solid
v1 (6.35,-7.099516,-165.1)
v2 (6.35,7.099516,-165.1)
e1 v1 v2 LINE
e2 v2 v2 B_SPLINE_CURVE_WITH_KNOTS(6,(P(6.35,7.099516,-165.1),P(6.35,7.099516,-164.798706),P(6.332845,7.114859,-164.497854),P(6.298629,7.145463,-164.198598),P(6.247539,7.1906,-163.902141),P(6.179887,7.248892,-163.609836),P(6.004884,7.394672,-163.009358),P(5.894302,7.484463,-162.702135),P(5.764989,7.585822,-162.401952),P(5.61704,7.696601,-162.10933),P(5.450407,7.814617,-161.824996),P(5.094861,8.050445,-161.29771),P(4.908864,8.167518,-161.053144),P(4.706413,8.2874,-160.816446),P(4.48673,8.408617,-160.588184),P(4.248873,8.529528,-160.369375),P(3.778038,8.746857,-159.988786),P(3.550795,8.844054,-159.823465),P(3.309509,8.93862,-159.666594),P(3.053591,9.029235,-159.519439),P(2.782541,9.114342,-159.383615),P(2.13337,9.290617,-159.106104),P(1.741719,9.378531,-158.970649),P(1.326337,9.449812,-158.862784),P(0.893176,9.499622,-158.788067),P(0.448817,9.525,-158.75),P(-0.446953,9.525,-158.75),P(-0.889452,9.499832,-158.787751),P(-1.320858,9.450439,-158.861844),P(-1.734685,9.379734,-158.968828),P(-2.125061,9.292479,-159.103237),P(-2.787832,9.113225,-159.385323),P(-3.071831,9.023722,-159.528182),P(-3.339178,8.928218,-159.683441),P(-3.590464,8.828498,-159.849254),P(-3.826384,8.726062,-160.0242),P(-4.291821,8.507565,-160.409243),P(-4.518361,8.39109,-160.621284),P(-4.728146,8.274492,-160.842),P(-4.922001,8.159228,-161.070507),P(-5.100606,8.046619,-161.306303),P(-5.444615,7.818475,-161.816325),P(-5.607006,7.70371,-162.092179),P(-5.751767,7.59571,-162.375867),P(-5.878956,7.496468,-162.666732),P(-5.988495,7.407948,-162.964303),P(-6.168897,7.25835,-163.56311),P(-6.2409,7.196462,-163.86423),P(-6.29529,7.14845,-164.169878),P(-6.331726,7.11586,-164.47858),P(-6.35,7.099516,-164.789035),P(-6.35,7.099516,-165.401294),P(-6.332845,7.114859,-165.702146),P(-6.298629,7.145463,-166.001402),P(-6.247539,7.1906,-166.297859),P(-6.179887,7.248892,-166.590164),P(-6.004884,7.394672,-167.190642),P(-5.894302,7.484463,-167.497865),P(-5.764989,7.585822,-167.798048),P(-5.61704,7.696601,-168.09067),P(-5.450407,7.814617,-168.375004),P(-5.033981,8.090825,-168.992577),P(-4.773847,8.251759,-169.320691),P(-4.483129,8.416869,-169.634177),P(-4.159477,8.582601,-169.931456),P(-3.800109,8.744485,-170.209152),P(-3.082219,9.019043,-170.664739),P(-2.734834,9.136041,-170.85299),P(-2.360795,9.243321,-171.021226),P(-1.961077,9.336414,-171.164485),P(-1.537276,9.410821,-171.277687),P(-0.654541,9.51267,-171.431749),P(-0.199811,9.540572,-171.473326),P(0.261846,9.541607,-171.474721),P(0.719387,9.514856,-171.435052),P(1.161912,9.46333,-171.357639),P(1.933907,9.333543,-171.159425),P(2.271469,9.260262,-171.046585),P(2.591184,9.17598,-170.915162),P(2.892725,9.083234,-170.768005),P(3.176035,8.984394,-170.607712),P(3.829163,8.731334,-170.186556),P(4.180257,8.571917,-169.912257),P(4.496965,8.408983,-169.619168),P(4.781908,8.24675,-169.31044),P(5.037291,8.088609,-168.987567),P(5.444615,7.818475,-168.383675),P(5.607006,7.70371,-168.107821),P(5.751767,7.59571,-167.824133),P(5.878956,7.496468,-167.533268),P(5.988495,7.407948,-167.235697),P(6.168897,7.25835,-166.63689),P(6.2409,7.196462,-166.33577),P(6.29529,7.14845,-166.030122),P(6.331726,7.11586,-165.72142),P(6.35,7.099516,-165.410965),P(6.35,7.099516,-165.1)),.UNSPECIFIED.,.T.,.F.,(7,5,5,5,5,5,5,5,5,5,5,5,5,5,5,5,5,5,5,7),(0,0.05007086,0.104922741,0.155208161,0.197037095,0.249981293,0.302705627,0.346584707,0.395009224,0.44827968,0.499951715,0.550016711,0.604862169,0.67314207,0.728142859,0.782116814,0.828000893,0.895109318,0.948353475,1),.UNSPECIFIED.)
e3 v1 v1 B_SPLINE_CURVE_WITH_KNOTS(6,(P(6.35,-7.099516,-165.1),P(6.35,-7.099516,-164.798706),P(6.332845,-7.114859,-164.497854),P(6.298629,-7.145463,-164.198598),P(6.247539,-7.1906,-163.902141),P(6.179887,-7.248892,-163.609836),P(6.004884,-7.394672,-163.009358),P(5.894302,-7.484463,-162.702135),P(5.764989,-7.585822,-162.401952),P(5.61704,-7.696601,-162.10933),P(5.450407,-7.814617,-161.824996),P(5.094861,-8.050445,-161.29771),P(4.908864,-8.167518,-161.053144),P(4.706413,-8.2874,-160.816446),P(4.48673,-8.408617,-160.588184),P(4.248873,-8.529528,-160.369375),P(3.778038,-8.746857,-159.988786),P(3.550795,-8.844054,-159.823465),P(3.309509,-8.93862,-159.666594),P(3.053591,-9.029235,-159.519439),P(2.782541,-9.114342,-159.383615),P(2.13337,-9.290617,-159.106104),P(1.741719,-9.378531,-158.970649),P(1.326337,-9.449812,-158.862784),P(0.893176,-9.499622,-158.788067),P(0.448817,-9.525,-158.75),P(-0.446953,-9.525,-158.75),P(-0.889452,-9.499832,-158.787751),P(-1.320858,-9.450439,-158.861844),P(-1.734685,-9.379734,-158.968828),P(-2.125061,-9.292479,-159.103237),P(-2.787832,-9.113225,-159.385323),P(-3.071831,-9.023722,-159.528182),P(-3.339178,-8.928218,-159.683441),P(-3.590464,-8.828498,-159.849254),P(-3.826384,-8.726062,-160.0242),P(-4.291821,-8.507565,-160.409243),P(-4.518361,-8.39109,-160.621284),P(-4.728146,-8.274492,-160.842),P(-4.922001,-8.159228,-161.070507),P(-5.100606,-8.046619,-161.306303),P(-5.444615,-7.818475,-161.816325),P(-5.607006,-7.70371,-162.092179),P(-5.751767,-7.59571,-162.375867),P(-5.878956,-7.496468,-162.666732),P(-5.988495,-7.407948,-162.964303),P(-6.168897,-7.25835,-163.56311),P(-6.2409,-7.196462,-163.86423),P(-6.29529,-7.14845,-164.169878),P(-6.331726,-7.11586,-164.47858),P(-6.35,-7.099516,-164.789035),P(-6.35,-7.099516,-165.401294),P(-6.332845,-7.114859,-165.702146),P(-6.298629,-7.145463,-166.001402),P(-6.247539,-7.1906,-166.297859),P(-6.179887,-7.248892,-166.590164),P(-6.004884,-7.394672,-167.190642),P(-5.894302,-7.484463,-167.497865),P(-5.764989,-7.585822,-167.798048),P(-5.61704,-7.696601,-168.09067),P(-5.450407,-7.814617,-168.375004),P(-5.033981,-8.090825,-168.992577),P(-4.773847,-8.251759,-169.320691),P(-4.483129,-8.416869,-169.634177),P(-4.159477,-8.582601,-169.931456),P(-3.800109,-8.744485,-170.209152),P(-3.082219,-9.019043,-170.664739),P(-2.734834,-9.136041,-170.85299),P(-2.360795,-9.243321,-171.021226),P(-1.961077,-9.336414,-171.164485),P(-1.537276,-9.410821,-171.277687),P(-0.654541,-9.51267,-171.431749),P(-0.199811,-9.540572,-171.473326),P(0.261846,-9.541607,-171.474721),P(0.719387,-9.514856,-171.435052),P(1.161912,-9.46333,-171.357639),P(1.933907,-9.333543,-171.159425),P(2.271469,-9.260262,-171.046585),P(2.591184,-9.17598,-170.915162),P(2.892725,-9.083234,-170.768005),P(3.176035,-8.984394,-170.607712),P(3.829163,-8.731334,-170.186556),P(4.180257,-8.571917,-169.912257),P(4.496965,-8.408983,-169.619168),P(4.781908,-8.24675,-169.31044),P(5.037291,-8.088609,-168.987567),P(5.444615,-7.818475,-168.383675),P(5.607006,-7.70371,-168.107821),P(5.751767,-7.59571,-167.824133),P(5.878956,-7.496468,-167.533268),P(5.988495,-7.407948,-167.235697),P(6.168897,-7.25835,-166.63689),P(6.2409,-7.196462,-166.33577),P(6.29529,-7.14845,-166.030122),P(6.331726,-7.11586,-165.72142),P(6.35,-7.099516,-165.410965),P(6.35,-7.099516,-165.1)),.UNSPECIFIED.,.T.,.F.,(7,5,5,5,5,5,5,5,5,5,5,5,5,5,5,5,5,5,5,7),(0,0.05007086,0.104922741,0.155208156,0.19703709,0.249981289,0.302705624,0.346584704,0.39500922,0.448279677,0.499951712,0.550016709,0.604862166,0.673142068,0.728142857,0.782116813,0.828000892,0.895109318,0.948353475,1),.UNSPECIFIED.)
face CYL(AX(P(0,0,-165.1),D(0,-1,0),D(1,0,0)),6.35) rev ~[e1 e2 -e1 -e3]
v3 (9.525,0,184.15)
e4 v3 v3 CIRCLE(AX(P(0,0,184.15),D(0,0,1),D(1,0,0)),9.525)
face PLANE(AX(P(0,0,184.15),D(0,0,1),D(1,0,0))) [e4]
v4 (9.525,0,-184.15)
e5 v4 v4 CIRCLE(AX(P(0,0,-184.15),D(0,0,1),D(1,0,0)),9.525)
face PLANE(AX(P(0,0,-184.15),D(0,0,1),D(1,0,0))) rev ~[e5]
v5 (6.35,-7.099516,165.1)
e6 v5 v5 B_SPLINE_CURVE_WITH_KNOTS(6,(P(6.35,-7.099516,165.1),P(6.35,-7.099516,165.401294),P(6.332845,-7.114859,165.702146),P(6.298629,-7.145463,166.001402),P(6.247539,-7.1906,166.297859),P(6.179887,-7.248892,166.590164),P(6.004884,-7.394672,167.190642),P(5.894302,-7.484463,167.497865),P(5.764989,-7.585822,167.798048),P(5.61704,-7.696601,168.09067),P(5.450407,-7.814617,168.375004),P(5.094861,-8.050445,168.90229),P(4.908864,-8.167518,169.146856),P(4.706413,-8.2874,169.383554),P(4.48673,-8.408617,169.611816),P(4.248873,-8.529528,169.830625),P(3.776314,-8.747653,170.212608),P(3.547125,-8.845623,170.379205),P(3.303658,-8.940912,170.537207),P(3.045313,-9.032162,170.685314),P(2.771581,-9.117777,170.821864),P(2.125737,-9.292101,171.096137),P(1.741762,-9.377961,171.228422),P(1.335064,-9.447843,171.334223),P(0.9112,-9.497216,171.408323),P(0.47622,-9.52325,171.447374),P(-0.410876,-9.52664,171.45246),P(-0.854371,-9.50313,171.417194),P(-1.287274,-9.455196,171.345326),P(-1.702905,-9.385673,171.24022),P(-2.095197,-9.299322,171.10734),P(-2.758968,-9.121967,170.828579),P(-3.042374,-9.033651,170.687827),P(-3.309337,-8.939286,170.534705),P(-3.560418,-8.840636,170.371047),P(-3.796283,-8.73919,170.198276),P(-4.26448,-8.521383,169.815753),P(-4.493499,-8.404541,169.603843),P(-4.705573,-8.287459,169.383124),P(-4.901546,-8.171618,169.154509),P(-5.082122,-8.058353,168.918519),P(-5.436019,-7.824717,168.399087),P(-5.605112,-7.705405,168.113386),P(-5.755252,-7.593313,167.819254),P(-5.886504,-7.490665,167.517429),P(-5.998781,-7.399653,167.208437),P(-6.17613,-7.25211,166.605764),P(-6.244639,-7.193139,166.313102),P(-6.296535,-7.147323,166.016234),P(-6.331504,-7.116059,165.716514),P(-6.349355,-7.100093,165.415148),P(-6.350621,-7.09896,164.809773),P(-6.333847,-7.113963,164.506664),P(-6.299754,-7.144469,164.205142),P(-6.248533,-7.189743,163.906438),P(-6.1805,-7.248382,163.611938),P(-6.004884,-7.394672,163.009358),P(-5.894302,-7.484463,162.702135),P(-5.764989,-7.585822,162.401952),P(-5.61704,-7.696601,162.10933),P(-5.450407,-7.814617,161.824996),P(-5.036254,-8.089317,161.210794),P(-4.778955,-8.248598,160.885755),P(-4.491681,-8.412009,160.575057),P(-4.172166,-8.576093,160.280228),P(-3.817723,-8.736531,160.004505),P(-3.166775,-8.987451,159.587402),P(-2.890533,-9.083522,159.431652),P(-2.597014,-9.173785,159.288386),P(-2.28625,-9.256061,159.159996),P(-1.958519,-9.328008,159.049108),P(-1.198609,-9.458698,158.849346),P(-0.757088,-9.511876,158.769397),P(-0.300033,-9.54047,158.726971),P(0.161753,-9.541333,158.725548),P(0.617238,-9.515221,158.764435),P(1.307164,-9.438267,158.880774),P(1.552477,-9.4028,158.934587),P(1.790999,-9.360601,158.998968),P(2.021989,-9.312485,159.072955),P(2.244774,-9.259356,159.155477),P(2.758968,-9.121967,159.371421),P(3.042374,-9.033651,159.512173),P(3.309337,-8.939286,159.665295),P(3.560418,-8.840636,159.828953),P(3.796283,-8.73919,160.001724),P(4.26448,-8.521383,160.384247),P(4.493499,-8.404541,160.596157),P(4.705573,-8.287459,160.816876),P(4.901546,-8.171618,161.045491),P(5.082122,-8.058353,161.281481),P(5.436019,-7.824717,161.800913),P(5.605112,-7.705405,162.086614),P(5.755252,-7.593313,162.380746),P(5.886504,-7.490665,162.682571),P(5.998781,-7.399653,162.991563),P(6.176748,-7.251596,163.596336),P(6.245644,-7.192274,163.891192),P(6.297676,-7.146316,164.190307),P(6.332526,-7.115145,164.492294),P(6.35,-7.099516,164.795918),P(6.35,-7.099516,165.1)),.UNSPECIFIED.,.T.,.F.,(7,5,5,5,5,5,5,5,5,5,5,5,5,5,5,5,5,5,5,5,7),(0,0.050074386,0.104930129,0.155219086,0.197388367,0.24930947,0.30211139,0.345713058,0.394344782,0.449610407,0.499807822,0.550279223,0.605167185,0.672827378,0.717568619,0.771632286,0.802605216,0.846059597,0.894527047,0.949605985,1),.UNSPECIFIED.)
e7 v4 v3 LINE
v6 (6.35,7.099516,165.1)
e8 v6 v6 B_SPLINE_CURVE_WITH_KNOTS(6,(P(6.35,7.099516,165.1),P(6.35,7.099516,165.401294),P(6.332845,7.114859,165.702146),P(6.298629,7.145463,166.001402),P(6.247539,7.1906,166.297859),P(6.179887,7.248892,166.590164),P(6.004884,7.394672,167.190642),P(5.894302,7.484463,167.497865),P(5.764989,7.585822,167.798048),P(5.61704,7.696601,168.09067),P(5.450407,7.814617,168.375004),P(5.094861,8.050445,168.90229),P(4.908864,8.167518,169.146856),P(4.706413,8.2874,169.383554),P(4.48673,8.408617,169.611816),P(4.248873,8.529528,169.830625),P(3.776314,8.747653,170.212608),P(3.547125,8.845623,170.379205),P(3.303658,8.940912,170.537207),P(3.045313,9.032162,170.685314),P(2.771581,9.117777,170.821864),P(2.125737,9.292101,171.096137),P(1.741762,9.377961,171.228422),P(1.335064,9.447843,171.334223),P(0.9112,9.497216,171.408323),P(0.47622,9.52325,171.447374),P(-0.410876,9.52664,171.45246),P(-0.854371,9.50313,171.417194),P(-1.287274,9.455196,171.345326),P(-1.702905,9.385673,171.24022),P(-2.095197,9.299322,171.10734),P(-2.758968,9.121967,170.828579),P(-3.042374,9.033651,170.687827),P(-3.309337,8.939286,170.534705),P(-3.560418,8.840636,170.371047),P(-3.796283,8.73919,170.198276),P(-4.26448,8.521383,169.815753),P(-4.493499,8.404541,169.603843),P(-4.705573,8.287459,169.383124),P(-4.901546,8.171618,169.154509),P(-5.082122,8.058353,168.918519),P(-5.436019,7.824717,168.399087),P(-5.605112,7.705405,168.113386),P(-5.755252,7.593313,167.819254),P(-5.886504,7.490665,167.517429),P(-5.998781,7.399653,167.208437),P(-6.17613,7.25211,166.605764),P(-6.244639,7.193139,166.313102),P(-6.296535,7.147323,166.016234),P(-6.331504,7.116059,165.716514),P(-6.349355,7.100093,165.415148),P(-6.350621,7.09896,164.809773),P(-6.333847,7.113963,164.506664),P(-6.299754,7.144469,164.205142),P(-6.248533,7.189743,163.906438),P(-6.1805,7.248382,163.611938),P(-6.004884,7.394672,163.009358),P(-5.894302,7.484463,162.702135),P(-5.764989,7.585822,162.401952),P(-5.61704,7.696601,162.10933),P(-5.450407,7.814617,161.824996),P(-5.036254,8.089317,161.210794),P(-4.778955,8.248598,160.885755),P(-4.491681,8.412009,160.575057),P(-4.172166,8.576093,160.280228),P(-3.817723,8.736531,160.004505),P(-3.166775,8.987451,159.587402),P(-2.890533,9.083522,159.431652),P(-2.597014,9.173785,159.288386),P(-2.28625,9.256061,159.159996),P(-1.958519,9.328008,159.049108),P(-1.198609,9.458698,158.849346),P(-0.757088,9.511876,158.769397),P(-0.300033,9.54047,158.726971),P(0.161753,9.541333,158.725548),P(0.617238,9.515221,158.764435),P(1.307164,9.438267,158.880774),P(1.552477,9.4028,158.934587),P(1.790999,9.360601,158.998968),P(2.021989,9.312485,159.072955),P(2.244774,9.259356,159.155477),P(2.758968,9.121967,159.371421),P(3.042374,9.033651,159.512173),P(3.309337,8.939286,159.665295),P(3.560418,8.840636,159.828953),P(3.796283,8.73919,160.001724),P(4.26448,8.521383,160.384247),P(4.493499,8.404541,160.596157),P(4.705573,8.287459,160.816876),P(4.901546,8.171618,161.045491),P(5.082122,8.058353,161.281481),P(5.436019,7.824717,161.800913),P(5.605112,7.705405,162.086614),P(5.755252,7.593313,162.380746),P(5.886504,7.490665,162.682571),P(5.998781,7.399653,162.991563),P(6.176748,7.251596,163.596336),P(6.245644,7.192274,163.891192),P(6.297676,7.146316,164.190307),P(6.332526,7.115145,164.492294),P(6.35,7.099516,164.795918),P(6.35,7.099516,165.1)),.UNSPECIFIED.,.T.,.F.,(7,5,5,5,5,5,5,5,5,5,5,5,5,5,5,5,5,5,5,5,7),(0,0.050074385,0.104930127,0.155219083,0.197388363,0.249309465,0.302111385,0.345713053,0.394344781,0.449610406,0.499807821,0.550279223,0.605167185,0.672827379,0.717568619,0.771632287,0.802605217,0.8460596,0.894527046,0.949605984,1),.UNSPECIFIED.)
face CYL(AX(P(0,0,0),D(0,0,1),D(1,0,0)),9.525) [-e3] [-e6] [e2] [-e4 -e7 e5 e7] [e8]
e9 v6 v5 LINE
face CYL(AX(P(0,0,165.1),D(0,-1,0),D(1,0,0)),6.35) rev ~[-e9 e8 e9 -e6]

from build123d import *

# Parameters (mm, degrees)
F0_R     = 9.525
F1_DEPTH = 184.15
F2_R     = 6.35
F3_DEPTH = 12.7


with BuildPart() as f1:
    # F0 (on Top) → F1 (new body, symmetric)
    with BuildSketch(Plane.XY):
        Circle(F0_R)
    extrude(amount=F1_DEPTH, both=True)

    # F2 (on Front) → F3 (cut, symmetric)
    with BuildSketch(Plane.XZ):
        with Locations((0, -165.1)):
            Circle(F2_R)
        with Locations((0, 165.1)):
            Circle(F2_R)
    extrude(amount=F3_DEPTH, both=True, mode=Mode.SUBTRACT)


solid = f1.part
